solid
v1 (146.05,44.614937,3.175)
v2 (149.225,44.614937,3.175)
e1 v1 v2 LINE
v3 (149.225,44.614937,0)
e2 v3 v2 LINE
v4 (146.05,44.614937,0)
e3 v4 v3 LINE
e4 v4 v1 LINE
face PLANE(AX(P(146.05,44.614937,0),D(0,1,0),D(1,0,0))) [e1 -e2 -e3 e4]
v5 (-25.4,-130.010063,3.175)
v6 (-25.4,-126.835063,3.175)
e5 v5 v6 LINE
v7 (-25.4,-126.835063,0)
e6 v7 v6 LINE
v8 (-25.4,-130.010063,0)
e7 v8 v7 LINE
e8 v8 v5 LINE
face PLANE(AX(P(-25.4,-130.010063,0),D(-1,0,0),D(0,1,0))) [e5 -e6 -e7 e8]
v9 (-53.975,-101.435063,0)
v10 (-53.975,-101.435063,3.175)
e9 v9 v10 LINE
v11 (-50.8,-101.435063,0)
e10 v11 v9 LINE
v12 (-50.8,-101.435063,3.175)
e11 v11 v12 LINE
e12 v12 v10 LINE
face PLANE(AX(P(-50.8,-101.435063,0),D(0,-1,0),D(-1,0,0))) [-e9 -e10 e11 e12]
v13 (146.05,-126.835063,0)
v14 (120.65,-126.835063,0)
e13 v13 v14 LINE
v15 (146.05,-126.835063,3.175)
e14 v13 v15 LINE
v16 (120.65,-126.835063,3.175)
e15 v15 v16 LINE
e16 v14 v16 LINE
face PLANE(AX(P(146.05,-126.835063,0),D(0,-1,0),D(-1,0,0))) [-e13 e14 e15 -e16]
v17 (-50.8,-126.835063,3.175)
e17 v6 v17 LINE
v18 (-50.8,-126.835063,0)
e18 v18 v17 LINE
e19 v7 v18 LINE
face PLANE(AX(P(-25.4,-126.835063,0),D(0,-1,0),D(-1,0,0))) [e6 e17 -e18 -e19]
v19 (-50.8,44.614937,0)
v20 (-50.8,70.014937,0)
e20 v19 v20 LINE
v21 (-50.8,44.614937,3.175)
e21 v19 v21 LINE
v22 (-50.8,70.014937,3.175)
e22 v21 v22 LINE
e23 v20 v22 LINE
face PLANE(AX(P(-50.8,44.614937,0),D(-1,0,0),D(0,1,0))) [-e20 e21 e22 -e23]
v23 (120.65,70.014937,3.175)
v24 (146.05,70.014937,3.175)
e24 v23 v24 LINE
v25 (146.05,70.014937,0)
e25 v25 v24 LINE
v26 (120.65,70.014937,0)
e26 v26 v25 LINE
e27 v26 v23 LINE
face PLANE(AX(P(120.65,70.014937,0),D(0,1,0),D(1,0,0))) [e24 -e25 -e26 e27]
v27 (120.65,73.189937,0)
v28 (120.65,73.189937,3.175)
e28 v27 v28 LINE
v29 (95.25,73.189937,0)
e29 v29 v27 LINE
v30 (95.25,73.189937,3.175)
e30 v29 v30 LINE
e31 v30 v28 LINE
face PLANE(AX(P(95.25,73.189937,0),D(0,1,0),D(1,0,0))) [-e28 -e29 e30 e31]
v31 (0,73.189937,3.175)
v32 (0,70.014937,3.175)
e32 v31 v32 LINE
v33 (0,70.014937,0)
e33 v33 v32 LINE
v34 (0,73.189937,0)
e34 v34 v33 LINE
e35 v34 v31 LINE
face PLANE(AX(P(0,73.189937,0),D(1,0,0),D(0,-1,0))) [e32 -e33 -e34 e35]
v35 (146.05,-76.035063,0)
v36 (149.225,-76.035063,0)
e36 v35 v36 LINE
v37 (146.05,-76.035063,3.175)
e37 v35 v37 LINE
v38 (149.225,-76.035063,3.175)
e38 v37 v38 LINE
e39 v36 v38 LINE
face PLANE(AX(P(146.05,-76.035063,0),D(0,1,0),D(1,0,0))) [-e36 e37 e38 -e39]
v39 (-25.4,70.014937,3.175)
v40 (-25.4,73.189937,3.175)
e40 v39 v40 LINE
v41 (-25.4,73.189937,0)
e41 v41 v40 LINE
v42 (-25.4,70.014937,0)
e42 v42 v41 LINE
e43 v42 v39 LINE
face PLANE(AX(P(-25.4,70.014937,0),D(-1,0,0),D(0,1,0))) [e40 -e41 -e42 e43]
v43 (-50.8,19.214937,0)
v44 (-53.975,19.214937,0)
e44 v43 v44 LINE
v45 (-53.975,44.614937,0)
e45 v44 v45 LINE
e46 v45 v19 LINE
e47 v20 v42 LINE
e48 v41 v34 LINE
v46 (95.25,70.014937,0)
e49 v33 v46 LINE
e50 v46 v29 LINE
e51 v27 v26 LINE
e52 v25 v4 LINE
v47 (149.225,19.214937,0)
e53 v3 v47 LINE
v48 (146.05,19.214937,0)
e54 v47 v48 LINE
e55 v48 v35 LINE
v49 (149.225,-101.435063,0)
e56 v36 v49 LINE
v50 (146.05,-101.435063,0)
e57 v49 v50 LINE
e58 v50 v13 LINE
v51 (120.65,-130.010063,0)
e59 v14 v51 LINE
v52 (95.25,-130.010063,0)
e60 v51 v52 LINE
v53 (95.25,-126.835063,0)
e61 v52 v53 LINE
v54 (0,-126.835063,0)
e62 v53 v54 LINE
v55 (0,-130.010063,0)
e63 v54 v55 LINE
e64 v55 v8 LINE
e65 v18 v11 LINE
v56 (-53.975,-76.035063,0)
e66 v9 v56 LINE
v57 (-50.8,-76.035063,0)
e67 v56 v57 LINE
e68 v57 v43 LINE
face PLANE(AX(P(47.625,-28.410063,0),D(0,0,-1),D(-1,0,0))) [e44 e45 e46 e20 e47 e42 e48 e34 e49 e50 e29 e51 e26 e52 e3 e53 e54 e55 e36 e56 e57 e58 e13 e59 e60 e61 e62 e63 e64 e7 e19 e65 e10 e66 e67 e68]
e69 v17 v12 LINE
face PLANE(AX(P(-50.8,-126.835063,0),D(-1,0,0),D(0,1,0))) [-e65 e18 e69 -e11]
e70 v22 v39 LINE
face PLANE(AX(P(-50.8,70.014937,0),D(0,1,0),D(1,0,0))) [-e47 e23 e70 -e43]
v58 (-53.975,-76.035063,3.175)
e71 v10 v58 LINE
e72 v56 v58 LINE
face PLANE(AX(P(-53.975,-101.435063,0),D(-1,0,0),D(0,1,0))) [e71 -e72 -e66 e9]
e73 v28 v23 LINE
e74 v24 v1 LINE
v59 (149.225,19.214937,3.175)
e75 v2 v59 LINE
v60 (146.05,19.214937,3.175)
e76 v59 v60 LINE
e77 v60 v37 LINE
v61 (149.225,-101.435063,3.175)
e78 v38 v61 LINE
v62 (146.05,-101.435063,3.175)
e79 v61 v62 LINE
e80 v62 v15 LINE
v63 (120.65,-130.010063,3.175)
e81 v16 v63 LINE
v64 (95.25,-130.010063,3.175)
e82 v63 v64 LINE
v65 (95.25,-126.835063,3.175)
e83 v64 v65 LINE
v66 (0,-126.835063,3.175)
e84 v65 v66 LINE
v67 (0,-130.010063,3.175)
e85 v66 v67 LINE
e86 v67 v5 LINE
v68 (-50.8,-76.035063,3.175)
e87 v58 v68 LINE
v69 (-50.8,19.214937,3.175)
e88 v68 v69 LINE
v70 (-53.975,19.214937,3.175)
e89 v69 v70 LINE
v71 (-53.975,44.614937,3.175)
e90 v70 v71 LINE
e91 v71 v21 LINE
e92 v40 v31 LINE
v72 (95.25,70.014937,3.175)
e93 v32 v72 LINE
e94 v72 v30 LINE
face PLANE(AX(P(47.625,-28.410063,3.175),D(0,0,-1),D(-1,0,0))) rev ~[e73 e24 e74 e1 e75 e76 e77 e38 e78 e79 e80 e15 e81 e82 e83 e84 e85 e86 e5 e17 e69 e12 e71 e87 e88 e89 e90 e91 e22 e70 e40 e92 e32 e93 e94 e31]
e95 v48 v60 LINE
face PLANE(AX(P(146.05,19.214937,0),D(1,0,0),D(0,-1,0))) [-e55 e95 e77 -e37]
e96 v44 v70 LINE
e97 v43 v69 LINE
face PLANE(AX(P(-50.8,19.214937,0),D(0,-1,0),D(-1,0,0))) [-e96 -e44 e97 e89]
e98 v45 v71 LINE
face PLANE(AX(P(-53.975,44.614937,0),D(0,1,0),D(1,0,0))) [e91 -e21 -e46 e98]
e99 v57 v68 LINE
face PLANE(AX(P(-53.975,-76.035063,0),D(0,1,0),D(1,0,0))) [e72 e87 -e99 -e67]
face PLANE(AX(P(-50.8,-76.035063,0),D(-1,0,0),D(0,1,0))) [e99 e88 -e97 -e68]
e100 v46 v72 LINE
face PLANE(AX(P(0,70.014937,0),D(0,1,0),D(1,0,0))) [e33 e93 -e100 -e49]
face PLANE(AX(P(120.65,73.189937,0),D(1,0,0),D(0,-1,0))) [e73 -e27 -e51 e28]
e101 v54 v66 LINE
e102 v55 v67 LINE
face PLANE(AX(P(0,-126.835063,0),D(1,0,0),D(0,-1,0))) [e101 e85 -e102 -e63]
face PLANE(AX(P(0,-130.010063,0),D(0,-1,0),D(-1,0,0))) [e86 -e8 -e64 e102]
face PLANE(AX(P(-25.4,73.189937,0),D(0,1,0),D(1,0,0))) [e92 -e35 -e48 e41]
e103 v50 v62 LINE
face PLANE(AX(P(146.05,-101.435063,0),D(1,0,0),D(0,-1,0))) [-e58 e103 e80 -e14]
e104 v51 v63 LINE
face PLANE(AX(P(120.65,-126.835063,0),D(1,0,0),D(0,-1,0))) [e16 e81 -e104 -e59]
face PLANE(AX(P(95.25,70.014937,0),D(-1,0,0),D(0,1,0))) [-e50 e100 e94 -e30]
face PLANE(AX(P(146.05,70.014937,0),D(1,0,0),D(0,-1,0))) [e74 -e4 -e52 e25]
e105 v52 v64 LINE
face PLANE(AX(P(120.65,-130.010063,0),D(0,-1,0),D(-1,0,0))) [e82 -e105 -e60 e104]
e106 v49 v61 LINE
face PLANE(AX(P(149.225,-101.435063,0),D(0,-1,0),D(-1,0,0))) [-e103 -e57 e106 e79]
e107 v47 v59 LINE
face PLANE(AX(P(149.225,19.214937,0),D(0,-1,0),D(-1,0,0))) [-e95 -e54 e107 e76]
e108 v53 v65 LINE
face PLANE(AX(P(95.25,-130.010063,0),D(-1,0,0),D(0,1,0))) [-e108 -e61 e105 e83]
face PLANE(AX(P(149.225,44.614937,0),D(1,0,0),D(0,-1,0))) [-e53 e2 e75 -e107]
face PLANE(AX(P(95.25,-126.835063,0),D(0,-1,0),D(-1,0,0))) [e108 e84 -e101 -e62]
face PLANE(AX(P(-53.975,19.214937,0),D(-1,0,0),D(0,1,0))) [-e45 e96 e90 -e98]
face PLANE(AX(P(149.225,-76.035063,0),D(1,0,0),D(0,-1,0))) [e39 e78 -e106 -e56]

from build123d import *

# Parameters (mm, degrees)
BOSS_EXTRUDE1_DEPTH = 3.175


with BuildPart() as part:
    # Sketch2 → Boss-Extrude1 (new body)
    with BuildSketch(Plane.XY):
        Polygon((-50.8, 70.014936972), (-25.4, 70.014936972), (-25.4, 73.189936972), (0, 73.189936972), (0, 70.014936972), (95.25, 70.014936972), (95.25, 73.189936972), (120.65, 73.189936972), (120.65, 70.014936972), (146.05, 70.014936972), (146.05, 44.614936972), (149.225, 44.614936972), (149.225, 19.214936972), (146.05, 19.214936972), (146.05, -76.035063028), (149.225, -76.035063028), (149.225, -101.435063028), (146.05, -101.435063028), (146.05, -126.835063028), (120.65, -126.835063028), (120.65, -130.010063028), (95.25, -130.010063028), (95.25, -126.835063028), (0, -126.835063028), (0, -130.010063028), (-25.4, -130.010063028), (-25.4, -126.835063028), (-50.8, -126.835063028), (-50.8, -101.435063028), (-53.975, -101.435063028), (-53.975, -76.035063028), (-50.8, -76.035063028), (-50.8, 19.214936972), (-53.975, 19.214936972), (-53.975, 44.614936972), (-50.8, 44.614936972), align=None)
    extrude(amount=BOSS_EXTRUDE1_DEPTH)


solid = part.part
